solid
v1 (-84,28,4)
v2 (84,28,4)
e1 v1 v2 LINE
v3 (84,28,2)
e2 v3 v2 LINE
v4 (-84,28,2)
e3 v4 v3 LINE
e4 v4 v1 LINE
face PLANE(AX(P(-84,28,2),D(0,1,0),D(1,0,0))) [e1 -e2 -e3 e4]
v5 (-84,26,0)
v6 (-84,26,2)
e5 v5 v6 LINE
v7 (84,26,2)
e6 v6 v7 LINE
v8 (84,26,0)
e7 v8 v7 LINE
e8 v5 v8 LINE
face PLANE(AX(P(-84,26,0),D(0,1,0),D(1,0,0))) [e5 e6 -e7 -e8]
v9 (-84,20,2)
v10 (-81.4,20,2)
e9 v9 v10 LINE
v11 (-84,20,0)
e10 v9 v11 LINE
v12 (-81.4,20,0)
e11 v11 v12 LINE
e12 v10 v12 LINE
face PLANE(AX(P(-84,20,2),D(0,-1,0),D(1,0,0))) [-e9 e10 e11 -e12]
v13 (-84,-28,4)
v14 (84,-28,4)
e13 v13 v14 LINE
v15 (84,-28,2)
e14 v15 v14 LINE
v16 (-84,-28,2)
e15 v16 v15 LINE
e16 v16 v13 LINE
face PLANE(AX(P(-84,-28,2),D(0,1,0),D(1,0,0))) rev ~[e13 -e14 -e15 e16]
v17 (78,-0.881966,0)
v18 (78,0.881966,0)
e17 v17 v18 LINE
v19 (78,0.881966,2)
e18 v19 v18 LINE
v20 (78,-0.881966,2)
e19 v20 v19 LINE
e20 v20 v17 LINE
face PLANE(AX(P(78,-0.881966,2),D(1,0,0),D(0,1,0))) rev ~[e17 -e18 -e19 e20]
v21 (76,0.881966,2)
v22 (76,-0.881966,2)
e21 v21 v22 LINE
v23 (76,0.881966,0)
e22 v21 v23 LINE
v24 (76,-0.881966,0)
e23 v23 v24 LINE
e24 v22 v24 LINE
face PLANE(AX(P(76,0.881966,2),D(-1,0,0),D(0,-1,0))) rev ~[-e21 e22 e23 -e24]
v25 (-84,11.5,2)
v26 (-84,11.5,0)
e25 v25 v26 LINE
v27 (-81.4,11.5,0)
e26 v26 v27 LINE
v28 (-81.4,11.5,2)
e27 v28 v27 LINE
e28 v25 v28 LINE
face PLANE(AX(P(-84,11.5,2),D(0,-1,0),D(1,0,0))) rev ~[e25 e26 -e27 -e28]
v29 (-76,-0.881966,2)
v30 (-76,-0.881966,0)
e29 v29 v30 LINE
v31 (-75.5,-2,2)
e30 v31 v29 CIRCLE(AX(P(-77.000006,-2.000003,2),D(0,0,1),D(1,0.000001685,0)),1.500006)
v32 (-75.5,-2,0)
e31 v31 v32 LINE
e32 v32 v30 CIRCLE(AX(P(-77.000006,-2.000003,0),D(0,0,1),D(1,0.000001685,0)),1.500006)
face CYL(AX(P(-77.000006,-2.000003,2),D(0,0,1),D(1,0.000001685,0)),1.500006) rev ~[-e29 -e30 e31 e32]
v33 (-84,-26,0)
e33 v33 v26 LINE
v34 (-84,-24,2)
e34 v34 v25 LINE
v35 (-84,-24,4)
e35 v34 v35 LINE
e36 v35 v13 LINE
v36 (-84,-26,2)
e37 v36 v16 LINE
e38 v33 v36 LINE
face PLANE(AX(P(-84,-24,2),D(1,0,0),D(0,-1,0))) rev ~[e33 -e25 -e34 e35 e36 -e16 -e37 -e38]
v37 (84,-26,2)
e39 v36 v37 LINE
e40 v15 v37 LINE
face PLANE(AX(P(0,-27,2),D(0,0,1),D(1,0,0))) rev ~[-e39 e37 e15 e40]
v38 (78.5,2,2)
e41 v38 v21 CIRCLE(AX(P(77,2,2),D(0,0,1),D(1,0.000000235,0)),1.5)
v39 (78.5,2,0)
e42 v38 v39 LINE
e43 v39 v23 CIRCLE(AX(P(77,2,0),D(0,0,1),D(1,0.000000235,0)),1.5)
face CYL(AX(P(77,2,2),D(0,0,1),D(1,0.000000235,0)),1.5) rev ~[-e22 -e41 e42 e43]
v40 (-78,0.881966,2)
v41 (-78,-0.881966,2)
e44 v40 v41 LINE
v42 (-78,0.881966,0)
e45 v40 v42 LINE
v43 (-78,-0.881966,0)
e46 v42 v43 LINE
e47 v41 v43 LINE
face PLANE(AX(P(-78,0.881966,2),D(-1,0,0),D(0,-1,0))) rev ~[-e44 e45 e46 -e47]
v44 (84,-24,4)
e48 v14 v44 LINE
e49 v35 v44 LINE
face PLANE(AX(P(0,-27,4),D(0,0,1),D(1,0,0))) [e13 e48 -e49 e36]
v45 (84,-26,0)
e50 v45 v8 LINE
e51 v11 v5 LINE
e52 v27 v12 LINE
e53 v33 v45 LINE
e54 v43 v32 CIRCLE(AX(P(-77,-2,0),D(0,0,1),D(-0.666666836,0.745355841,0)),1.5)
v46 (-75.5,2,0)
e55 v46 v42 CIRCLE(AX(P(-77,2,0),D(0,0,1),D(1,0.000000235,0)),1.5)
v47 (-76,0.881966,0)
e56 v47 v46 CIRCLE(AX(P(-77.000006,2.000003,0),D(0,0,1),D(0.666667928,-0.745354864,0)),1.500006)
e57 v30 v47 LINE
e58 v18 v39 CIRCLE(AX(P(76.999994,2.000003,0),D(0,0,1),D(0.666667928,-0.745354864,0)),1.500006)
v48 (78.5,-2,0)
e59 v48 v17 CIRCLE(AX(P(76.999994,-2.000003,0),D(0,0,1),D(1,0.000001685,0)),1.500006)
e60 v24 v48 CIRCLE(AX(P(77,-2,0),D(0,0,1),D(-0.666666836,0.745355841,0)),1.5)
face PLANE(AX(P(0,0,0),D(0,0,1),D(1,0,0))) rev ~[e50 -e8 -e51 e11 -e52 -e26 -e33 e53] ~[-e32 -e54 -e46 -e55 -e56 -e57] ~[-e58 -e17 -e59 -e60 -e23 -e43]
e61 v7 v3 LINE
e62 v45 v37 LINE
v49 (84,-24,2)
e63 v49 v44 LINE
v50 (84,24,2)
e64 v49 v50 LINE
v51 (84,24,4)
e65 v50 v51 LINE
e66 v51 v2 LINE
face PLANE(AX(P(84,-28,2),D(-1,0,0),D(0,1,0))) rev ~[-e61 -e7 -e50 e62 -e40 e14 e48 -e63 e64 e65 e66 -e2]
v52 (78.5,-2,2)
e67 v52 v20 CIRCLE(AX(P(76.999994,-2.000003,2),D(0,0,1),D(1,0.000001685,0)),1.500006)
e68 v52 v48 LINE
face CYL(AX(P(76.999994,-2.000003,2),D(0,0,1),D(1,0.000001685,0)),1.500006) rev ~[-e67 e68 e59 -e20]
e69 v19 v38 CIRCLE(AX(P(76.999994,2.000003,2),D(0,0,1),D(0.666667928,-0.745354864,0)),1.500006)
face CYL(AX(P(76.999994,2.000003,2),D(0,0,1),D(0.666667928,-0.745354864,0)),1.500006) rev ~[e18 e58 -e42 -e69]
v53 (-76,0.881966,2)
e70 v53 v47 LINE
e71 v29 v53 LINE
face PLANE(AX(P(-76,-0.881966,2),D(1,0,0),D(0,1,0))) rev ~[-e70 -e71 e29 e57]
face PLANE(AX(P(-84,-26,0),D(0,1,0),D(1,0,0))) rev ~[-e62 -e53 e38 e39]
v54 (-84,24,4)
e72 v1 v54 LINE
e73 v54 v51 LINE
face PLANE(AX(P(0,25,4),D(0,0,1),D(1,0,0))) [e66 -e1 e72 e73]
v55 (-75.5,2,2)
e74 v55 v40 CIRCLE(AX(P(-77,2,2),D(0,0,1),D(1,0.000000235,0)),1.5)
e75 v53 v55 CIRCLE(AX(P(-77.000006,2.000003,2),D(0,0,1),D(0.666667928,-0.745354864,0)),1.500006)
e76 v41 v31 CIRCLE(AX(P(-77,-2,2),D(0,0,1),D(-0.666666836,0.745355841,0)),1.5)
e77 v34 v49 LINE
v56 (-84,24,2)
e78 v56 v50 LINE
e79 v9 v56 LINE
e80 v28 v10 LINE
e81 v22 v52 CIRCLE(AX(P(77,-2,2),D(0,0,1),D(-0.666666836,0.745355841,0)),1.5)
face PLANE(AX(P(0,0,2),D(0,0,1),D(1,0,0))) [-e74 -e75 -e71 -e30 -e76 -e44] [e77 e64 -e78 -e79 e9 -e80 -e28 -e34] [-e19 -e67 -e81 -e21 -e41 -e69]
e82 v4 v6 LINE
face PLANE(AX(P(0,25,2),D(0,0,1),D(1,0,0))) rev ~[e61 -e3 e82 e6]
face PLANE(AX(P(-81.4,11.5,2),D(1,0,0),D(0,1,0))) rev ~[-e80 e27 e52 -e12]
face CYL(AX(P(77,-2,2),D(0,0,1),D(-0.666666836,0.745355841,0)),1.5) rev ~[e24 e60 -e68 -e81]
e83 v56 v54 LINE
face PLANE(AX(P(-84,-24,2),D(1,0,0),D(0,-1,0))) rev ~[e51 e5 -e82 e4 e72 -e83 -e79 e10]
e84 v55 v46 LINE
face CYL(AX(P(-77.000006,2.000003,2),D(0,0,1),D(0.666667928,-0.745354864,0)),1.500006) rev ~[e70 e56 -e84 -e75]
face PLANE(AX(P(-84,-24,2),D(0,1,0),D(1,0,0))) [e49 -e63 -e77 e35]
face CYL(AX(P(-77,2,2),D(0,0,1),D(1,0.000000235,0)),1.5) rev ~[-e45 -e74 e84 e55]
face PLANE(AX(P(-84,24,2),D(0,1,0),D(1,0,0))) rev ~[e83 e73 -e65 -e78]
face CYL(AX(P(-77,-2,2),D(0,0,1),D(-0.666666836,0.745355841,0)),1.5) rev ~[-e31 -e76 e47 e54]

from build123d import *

# Parameters (mm, degrees)
F0_W     = 168
F0_H     = 52
F1_DEPTH = 2
F2_W     = 168
F2_H     = 2
F3_DEPTH = 2
F5_DEPTH = 25
F6_W     = 2.6
F6_H     = 8.5
F7_DEPTH = 25


with BuildPart() as f1:
    # F0 (on Top) → F1 (new body)
    with BuildSketch(Plane.XY):
        Rectangle(F0_W, F0_H)
    extrude(amount=F1_DEPTH)

    # F2 (on face) → F3 (join)
    with BuildSketch(Plane.XY.offset(2)):
        with Locations((0, -27)):
            Rectangle(F2_W, F2_H)
        with Locations((0, -25)):
            Rectangle(F2_W, F2_H)
        with Locations((0, 25)):
            Rectangle(F2_W, F2_H)
        with Locations((0, 27)):
            Rectangle(F2_W, F2_H)
    extrude(amount=F3_DEPTH)

    # F4 (on face) → F5 (cut)
    with BuildSketch(Plane.XY.offset(2)):
        with BuildLine():
            ThreePointArc((78.5, -2), (78.369306, -1.387628), (78, -0.881966))
            ThreePointArc((78, -0.881966), (77, -0.5), (76, -0.881966))
            ThreePointArc((76, -0.881966), (76.387628, -3.369306), (78.5, -2))
        make_face()
        with BuildLine():
            Line((78, -0.881966), (78, 0.881966))
            ThreePointArc((78, 0.881966), (77, 0.5), (76, 0.881966))
            Line((76, 0.881966), (76, -0.881966))
            ThreePointArc((76, -0.881966), (77, -0.5), (78, -0.881966))
        make_face()
        with BuildLine():
            ThreePointArc((76, 0.881966), (77, 0.5), (78, 0.881966))
            ThreePointArc((78, 0.881966), (78.369306, 1.387628), (78.5, 2))
            ThreePointArc((78.5, 2), (76.387628, 3.369306), (76, 0.881966))
        make_face()
        with BuildLine():
            ThreePointArc((-78, -0.881966), (-77.612372, -3.369306), (-75.5, -2))
            ThreePointArc((-75.5, -2), (-75.630694, -1.387628), (-76, -0.881966))
            ThreePointArc((-76, -0.881966), (-77, -0.5), (-78, -0.881966))
        make_face()
        with BuildLine():
            ThreePointArc((-78, -0.881966), (-77, -0.5), (-76, -0.881966))
            Line((-76, -0.881966), (-76, 0.881966))
            ThreePointArc((-76, 0.881966), (-77, 0.5), (-78, 0.881966))
            Line((-78, 0.881966), (-78, -0.881966))
        make_face()
        with BuildLine():
            ThreePointArc((-78, 0.881966), (-77, 0.5), (-76, 0.881966))
            ThreePointArc((-76, 0.881966), (-75.630694, 1.387628), (-75.5, 2))
            ThreePointArc((-75.5, 2), (-77.612372, 3.369306), (-78, 0.881966))
        make_face()
    extrude(amount=-F5_DEPTH, mode=Mode.SUBTRACT)

    # F6 (on face) → F7 (cut)
    with BuildSketch(Plane.XY.offset(2)):
        with Locations((-82.7, 15.75)):
            Rectangle(F6_W, F6_H)
    extrude(amount=-F7_DEPTH, mode=Mode.SUBTRACT)


solid = f1.part
